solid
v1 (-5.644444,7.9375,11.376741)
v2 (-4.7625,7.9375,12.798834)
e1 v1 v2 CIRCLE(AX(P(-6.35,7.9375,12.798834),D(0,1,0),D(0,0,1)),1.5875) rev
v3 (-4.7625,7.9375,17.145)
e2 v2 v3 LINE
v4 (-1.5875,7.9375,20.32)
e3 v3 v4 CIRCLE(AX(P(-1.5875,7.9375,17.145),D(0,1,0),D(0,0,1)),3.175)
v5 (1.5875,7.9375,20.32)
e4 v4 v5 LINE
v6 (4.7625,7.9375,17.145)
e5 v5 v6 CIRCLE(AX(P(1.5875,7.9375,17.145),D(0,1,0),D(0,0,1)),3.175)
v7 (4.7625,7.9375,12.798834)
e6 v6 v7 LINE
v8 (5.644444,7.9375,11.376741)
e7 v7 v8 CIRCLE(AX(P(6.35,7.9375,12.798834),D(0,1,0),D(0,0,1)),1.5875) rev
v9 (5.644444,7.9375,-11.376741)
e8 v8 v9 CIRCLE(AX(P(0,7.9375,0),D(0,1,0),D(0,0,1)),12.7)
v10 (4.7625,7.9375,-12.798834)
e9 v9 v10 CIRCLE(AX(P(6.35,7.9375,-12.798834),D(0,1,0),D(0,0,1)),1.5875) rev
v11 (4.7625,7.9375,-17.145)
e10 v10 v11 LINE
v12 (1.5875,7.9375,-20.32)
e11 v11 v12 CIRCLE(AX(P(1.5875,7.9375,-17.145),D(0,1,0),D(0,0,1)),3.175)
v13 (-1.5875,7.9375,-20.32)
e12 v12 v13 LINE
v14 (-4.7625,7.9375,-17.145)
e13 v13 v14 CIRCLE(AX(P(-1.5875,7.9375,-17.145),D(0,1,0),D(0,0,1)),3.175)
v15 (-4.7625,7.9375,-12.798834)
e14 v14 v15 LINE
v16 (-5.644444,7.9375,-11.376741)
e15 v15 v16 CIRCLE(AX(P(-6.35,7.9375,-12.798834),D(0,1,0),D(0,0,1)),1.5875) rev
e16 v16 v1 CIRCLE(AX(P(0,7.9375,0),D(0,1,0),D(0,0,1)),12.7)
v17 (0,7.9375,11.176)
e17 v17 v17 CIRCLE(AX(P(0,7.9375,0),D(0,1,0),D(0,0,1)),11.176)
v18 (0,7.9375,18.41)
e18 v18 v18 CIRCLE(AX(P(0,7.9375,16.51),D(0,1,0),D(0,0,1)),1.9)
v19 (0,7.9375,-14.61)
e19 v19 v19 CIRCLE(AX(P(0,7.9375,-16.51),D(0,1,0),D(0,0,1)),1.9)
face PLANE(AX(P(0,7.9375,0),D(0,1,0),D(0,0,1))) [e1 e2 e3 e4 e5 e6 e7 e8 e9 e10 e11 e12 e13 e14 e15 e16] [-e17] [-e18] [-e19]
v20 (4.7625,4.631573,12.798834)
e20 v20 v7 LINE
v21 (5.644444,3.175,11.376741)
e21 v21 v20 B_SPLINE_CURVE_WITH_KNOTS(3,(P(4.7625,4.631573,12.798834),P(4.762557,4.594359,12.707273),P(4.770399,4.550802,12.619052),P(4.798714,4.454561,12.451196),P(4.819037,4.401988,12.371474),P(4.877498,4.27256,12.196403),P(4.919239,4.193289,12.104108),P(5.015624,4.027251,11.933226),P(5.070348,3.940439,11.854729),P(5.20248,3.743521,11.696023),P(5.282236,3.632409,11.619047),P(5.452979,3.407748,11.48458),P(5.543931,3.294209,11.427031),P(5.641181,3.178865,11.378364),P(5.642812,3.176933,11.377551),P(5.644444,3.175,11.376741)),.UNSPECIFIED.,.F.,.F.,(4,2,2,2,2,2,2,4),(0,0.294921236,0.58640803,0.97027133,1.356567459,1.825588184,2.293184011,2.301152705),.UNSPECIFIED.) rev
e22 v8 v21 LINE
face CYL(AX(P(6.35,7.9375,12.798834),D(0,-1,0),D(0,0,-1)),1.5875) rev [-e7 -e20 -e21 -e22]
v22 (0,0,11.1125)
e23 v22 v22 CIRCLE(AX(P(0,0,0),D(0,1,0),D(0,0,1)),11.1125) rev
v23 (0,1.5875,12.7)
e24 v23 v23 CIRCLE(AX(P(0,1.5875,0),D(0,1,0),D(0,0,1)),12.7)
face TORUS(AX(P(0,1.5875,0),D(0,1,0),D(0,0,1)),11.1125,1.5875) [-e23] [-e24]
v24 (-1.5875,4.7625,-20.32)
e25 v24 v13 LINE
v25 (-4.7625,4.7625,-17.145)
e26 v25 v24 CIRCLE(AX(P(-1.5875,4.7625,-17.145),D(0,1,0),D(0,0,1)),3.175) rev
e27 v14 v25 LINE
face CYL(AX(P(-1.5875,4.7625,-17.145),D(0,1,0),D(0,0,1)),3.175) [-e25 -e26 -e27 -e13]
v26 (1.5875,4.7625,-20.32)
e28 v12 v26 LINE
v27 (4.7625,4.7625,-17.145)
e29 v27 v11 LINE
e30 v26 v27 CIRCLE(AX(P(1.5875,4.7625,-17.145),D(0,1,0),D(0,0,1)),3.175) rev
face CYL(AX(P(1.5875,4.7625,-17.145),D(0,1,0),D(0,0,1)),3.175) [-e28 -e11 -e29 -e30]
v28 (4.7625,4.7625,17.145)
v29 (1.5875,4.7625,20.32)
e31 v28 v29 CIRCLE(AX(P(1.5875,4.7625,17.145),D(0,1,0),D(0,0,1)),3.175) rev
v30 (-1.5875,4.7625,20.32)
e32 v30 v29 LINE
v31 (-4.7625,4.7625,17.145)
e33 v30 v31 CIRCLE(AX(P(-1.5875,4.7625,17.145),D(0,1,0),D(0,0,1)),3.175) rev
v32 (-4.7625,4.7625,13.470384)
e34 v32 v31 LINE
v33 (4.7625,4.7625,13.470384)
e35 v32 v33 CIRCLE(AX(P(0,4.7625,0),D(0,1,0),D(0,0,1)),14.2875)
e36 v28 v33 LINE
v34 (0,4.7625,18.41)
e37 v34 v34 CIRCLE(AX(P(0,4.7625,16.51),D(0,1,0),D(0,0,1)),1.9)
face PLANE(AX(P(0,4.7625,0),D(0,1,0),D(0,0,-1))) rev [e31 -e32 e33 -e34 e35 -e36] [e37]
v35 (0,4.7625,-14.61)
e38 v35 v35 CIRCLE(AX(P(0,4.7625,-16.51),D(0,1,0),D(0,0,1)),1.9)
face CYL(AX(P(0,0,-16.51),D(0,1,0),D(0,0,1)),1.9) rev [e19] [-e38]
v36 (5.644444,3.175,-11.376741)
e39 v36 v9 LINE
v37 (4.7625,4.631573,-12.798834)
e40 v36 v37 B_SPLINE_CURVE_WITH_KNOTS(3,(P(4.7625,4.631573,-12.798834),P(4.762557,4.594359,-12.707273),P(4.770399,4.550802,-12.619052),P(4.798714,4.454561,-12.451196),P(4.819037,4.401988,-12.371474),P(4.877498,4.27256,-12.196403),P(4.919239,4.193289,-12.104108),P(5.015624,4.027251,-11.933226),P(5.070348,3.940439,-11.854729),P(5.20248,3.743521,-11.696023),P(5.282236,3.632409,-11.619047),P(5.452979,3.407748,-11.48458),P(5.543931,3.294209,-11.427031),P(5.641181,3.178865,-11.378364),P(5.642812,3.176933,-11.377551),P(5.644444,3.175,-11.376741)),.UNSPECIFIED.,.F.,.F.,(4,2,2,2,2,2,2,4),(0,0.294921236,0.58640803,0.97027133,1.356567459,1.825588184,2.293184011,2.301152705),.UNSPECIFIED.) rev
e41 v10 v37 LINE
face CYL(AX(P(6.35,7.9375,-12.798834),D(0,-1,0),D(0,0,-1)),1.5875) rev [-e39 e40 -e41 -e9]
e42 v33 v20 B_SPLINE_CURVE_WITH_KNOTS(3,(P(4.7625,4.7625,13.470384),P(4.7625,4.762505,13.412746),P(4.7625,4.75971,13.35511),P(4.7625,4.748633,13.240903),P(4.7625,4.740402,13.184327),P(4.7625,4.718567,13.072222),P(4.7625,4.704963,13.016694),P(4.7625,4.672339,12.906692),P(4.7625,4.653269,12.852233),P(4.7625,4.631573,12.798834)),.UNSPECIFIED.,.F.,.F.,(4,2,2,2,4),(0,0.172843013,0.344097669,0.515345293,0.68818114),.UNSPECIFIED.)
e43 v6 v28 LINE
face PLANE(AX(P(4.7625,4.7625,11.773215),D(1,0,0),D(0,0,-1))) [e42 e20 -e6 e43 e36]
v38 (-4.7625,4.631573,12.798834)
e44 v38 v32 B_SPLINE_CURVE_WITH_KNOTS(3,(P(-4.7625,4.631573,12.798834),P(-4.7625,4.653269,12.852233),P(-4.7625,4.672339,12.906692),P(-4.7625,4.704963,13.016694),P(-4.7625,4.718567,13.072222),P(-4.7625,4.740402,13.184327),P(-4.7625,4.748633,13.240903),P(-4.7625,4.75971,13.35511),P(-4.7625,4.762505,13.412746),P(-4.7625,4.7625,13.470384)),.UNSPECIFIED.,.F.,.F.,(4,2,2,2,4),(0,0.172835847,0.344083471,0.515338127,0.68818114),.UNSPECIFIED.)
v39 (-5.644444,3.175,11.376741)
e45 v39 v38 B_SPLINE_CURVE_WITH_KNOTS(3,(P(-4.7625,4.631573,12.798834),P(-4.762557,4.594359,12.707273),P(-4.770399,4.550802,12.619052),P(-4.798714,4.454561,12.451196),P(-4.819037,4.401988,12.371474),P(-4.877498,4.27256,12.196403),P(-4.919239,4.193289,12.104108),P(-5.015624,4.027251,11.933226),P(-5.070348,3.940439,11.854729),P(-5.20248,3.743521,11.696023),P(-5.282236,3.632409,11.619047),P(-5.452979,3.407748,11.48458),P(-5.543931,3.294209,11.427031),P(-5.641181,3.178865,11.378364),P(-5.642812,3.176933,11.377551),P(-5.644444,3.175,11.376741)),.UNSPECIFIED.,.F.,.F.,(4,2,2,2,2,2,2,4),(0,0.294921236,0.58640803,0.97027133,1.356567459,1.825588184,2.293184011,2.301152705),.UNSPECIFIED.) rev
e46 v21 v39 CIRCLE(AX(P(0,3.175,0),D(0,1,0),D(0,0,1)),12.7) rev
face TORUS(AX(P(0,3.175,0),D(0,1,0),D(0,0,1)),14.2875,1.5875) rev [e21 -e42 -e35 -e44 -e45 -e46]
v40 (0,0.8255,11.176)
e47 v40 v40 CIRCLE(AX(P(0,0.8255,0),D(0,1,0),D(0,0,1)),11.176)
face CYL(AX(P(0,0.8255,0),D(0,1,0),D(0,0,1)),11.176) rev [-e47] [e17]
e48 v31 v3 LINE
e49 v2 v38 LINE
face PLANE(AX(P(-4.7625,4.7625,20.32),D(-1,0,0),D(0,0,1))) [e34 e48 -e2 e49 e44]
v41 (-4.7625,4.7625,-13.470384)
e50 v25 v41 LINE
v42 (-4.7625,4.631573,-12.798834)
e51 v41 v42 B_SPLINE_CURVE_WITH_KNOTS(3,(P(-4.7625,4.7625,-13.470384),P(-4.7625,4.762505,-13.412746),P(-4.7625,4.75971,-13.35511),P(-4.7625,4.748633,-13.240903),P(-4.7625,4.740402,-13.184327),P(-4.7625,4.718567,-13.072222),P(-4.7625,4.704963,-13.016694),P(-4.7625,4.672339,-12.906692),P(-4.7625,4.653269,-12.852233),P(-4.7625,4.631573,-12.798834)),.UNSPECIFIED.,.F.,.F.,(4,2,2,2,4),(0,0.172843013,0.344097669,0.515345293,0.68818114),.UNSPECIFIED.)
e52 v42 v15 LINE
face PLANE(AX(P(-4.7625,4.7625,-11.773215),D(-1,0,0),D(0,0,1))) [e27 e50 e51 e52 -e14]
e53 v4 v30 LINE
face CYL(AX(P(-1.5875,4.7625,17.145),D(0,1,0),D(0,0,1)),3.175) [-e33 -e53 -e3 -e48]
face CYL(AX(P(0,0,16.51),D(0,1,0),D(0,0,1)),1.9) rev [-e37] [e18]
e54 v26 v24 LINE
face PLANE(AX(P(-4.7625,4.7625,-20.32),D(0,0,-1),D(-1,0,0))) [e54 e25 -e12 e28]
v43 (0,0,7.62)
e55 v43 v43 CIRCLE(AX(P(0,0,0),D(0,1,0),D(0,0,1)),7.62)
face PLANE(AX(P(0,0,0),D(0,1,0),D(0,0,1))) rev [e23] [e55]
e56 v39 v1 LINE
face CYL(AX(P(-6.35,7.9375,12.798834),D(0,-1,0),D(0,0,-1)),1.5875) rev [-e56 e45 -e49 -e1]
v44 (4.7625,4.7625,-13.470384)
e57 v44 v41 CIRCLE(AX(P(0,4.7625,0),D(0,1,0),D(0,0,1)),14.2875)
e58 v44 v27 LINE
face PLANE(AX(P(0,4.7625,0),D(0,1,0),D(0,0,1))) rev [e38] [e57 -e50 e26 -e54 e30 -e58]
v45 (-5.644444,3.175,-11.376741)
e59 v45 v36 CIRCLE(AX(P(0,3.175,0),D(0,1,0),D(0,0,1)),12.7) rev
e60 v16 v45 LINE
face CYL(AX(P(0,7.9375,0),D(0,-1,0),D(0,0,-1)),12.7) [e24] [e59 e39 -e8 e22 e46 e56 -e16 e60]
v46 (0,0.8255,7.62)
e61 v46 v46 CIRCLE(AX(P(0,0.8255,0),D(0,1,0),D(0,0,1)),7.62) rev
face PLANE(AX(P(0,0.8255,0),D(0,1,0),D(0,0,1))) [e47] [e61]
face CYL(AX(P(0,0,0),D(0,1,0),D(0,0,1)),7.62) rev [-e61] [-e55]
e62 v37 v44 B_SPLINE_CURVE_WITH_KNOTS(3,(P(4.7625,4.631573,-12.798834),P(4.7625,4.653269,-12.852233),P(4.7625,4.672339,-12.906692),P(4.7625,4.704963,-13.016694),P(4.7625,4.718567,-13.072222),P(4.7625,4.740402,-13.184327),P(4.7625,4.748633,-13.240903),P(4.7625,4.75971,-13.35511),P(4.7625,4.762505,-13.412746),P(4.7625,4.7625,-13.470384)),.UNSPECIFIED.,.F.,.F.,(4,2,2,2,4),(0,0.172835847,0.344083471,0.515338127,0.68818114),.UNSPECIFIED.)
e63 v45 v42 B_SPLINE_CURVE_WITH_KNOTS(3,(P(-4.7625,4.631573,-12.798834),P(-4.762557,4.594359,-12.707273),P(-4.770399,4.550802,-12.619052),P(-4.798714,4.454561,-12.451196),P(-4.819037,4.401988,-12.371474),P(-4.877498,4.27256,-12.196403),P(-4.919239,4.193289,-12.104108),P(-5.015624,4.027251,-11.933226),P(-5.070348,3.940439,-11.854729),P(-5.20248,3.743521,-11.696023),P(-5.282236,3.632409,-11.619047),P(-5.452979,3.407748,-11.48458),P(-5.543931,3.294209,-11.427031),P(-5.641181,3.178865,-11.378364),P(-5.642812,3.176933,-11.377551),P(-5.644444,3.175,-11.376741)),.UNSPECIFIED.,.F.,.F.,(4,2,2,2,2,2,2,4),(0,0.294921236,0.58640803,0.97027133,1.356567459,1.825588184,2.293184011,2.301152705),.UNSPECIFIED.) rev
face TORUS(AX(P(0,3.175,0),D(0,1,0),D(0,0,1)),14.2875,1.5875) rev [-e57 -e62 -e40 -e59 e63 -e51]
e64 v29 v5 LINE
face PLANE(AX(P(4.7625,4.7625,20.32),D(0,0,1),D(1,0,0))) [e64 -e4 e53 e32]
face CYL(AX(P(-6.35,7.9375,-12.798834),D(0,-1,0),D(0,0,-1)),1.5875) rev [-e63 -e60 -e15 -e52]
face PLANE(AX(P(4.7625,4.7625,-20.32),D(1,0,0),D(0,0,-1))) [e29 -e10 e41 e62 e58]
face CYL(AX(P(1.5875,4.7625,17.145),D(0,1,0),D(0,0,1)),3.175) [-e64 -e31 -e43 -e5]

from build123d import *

# Parameters (mm, degrees)
SKETCH1_R                = 12.7
BOSS_EXTRUDE1_DEPTH      = 7.9375
SKETCH3_R                = 7.62
CUT_EXTRUDE2_DEPTH       = 20.636290542
SKETCH4_R                = 11.176
CUT_EXTRUDE3_DEPTH       = 7.112
BOSS_EXTRUDE2_START      = -3.175
BOSS_EXTRUDE2_DEPTH      = 3.175
SKETCH6_R                = 1.9
CUT_EXTRUDE4_DEPTH       = 26.242747597
FILLET1_R                = 3.175
CIRPATTERN1_COUNT        = 2
FILLET1_OF_CIRPATTERN1_R = 3.175
FILLET2_R                = 1.5875


with BuildPart() as part:
    # Sketch1 → Boss-Extrude1 (new body)
    with BuildSketch(Plane(origin=(0, 0, 0), x_dir=(1, 0, 0), z_dir=(0, 1, 0))):
        with Locations(Location((0, 0, 0), (0, 0, 270))):
            Circle(SKETCH1_R)
    extrude(amount=BOSS_EXTRUDE1_DEPTH)

    # Sketch3 → Cut-Extrude2 (cut, through all)
    with BuildSketch(Plane(origin=(0, 7.9375, 0), x_dir=(1, 0, 0), z_dir=(0, 1, 0))):
        with Locations(Location((0, 0, 0), (0, 0, 270))):
            Circle(SKETCH3_R)
    extrude(amount=-CUT_EXTRUDE2_DEPTH, mode=Mode.SUBTRACT)

    # Sketch4 → Cut-Extrude3 (cut)
    with BuildSketch(Plane(origin=(0, 7.9375, 0), x_dir=(1, 0, 0), z_dir=(0, 1, 0))):
        with Locations(Location((0, 0, 0), (0, 0, 270))):
            Circle(SKETCH4_R)
    extrude(amount=-CUT_EXTRUDE3_DEPTH, mode=Mode.SUBTRACT)

    # Sketch5 → Boss-Extrude2 (add)
    with BuildSketch(Plane(origin=(0, 7.9375, 0), x_dir=(1, 0, 0), z_dir=(0, 1, 0)).offset(BOSS_EXTRUDE2_START)):
        with BuildLine():
            Line((-4.7625, 11.773215098), (-4.7625, 20.32))
            Line((-4.7625, 20.32), (4.7625, 20.32))
            Line((4.7625, 20.32), (4.7625, 11.773215098))
            ThreePointArc((4.7625, 11.773215098), (0, 12.7), (-4.7625, 11.773215098))
        make_face()
    boss_extrude2 = extrude(amount=BOSS_EXTRUDE2_DEPTH)

    # Sketch6 → Cut-Extrude4 (cut, symmetric)
    with BuildSketch(Plane(origin=(0, 7.9375, 0), x_dir=(1, 0, 0), z_dir=(0, 1, 0))):
        with Locations(Location((0, 16.51, 0), (0, 0, 270))):
            Circle(SKETCH6_R)
    cut_extrude4 = extrude(amount=CUT_EXTRUDE4_DEPTH, both=True, mode=Mode.SUBTRACT)

    # Fillet1
    fillet1_edges = [part.edges().sort_by_distance(p)[0] for p in [
        (-4.7625, 6.35, -20.32),
        (4.7625, 6.35, -20.32),
    ]]
    fillet(fillet1_edges, radius=FILLET1_R)

    # CirPattern1: Boss-Extrude2, Cut-Extrude4 ×2 about axis
    cirpattern1_axis = Axis((0, 0, 0), (0, 1, 0))
    add([boss_extrude2.rotate(cirpattern1_axis, i * 360 / CIRPATTERN1_COUNT) for i in range(1, CIRPATTERN1_COUNT)])
    add([cut_extrude4.rotate(cirpattern1_axis, i * 360 / CIRPATTERN1_COUNT) for i in range(1, CIRPATTERN1_COUNT)], mode=Mode.SUBTRACT)

    # Fillet1 of CirPattern1
    fillet1_of_cirpattern1_edges = [part.edges().sort_by_distance(p)[0] for p in [
        (4.7625, 6.35, 20.32),
        (-4.7625, 6.35, 20.32),
    ]]
    fillet(fillet1_of_cirpattern1_edges, radius=FILLET1_OF_CIRPATTERN1_R)

    # Fillet2
    fillet2_edges = [part.edges().sort_by_distance(p)[0] for p in [
        (0, 4.7625, -12.7),
        (4.7625, 6.35, -11.773215098),
        (-4.7625, 6.35, -11.773215098),
        (0, 0, -12.7),
        (-2.425919233, 4.7625, 12.466150804),
        (-4.7625, 6.35, 11.773215098),
        (4.7625, 6.35, 11.773215098),
    ]]
    fillet(fillet2_edges, radius=FILLET2_R)


solid = part.part
